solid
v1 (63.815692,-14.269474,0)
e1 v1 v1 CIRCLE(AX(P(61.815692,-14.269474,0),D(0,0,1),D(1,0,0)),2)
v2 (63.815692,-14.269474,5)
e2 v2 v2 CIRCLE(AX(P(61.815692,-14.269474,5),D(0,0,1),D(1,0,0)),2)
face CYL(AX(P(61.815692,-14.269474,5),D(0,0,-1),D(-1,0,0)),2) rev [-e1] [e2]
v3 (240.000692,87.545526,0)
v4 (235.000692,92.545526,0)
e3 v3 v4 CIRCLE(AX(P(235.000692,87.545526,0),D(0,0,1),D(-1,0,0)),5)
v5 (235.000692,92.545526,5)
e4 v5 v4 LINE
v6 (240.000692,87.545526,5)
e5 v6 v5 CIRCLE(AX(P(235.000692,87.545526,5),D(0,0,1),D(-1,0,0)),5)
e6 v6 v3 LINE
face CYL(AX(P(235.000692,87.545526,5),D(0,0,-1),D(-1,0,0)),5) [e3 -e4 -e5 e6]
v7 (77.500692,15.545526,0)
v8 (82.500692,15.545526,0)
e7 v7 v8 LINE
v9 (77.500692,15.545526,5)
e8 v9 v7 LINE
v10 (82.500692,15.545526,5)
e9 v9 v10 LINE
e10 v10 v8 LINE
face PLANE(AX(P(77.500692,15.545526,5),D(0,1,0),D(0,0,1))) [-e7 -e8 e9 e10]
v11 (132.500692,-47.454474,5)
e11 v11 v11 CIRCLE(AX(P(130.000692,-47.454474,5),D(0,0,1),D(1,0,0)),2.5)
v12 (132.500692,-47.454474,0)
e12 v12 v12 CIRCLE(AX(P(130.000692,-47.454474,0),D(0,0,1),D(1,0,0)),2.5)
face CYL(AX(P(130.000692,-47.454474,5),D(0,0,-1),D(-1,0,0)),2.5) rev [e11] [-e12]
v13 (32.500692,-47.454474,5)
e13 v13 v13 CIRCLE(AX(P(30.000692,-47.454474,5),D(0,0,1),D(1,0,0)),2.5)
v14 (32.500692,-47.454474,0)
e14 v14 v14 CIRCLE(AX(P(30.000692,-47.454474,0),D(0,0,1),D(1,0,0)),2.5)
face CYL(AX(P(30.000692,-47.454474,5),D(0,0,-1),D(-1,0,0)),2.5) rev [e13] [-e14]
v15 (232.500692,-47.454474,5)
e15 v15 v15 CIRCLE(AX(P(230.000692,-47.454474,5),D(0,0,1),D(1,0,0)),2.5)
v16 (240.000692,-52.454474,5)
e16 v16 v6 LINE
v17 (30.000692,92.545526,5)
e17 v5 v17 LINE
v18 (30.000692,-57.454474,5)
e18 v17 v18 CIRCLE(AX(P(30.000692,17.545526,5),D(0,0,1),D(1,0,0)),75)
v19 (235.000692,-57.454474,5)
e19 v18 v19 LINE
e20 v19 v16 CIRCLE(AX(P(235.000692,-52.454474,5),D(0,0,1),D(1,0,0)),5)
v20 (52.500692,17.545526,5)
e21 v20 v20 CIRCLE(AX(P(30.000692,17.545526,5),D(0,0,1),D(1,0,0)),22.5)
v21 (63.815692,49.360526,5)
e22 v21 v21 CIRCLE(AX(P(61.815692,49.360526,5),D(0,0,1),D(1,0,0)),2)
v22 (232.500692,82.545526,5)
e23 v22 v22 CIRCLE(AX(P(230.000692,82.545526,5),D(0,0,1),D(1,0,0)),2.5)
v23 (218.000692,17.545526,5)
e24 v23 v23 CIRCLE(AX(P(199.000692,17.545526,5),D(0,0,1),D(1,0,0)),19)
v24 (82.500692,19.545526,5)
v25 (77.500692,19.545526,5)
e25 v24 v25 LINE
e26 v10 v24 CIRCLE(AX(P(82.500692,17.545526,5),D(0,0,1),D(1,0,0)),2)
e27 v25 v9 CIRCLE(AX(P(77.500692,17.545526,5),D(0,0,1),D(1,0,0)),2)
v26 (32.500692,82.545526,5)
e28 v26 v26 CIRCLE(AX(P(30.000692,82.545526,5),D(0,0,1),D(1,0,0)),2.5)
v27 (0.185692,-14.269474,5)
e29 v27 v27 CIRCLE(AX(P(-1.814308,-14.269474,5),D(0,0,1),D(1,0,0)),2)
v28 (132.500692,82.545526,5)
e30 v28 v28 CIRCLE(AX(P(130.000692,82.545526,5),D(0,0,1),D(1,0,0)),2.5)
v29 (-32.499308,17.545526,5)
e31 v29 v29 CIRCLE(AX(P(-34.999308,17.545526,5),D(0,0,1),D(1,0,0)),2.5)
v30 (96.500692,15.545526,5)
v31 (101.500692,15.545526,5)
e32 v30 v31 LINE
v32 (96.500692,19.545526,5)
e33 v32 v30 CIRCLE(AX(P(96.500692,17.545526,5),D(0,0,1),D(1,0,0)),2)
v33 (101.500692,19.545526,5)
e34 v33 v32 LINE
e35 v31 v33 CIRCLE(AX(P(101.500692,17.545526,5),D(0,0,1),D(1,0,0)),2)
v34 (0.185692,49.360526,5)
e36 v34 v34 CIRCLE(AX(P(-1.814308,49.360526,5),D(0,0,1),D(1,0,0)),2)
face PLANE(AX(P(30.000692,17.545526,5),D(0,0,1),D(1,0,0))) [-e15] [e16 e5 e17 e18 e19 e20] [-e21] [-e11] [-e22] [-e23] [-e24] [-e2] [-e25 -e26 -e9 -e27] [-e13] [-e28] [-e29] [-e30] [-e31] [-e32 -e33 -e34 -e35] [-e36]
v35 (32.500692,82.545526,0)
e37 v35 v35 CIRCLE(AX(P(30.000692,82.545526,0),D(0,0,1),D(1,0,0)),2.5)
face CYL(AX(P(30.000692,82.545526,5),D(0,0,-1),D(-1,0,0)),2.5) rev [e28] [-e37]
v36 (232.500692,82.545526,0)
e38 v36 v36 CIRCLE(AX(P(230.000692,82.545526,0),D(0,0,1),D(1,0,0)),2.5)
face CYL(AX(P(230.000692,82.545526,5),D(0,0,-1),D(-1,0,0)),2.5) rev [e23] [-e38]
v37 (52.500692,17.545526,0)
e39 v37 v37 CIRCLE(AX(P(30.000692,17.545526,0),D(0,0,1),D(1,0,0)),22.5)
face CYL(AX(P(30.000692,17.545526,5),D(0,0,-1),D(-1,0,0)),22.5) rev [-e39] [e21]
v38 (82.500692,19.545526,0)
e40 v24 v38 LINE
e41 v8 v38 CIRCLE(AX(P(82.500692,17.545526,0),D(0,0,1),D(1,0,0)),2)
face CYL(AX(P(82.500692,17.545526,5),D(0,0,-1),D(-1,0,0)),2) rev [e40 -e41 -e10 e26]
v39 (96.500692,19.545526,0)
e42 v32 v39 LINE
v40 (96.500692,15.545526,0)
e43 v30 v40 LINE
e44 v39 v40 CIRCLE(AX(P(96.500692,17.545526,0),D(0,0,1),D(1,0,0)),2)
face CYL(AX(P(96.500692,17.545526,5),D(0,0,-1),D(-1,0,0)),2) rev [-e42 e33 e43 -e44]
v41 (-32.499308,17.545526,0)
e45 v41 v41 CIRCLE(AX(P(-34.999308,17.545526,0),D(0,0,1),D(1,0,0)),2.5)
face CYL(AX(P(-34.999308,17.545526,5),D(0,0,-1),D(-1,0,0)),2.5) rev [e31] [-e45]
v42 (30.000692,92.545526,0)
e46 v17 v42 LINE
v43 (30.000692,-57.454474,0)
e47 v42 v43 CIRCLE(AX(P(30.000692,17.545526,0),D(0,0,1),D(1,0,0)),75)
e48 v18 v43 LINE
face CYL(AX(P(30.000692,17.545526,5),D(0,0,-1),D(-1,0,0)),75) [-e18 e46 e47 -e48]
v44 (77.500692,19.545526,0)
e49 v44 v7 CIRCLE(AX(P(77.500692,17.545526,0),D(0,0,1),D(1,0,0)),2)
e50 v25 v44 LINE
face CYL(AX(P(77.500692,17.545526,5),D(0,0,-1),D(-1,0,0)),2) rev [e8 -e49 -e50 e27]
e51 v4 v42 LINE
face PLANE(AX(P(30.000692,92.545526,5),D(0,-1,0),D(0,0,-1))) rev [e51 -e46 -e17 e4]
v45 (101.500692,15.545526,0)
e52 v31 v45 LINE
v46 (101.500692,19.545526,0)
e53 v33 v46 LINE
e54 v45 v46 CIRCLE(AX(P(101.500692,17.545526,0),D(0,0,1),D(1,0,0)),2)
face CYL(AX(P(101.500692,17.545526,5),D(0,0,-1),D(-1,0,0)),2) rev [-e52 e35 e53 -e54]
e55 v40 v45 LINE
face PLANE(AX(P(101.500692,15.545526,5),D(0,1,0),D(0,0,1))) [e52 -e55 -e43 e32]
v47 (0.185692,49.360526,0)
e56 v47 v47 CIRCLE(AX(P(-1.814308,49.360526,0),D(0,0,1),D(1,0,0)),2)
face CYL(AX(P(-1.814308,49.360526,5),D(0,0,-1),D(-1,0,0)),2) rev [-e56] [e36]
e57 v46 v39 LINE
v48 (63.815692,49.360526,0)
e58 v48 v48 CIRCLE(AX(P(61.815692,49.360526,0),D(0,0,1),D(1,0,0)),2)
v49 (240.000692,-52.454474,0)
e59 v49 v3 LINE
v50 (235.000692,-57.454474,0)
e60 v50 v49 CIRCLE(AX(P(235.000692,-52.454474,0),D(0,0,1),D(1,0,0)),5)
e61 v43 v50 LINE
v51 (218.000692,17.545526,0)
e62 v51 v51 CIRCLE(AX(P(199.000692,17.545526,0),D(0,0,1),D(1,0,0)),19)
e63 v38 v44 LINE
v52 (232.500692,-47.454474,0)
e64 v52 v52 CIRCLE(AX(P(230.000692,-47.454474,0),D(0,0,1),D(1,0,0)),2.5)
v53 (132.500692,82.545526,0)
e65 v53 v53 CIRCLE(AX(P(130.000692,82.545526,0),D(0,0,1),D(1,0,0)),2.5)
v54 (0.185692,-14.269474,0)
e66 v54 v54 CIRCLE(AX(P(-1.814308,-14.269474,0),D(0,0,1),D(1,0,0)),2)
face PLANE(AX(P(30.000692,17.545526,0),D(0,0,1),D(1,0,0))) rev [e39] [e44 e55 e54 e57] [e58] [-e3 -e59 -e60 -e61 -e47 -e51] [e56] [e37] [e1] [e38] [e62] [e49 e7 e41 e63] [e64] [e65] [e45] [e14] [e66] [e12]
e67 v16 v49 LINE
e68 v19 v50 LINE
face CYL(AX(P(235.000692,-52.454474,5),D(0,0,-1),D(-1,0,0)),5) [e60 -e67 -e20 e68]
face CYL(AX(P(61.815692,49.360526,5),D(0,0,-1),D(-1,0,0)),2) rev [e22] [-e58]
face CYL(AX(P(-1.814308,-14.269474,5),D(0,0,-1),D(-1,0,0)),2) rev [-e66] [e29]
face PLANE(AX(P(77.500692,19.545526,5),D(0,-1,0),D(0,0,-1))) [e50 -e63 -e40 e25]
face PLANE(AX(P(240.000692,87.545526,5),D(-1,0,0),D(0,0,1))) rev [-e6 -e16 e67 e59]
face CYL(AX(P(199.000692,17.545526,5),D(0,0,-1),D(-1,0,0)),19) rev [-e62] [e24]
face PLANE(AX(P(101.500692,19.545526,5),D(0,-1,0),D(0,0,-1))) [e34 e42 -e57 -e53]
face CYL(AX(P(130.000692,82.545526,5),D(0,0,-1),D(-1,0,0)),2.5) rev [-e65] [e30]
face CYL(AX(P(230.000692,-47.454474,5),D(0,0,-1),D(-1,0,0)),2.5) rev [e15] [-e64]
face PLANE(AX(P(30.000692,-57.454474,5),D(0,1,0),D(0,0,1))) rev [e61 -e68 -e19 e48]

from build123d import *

# Parameters (mm, degrees)
SKETCH1_R           = 2.5
SKETCH1_R_2         = 19
SKETCH1_R_3         = 22.5
SKETCH1_R_4         = 2
BOSS_EXTRUDE1_DEPTH = 5


with BuildPart() as part:
    # Sketch1 → Boss-Extrude1 (new body)
    with BuildSketch(Plane.XY):
        with BuildLine():
            Line((30.000692042, 92.545526446), (235.000692042, 92.545526446))
            ThreePointArc((235.000692042, 92.545526446), (238.536225947, 91.081060352), (240.000692042, 87.545526446))
            Line((240.000692042, 87.545526446), (240.000692042, -52.454473554))
            ThreePointArc((240.000692042, -52.454473554), (238.536225947, -55.99000746), (235.000692042, -57.454473554))
            Line((235.000692042, -57.454473554), (30.000692042, -57.454473554))
            ThreePointArc((30.000692042, -57.454473554), (-44.999307958, 17.545526446), (30.000692042, 92.545526446))
        make_face()
        with Locations((-34.999307958, 17.545526446)):
            Circle(SKETCH1_R, mode=Mode.SUBTRACT)
        with Locations((30.000692042, -47.454473554)):
            Circle(SKETCH1_R, mode=Mode.SUBTRACT)
        with Locations((30.000692042, 82.545526446)):
            Circle(SKETCH1_R, mode=Mode.SUBTRACT)
        with Locations((230.000692042, -47.454473554)):
            Circle(SKETCH1_R, mode=Mode.SUBTRACT)
        with Locations((230.000692042, 82.545526446)):
            Circle(SKETCH1_R, mode=Mode.SUBTRACT)
        with Locations((130.000692042, 82.545526446)):
            Circle(SKETCH1_R, mode=Mode.SUBTRACT)
        with Locations((130.000692042, -47.454473554)):
            Circle(SKETCH1_R, mode=Mode.SUBTRACT)
        with Locations((199.000692042, 17.545526446)):
            Circle(SKETCH1_R_2, mode=Mode.SUBTRACT)
        with Locations((30.000692042, 17.545526446)):
            Circle(SKETCH1_R_3, mode=Mode.SUBTRACT)
        with Locations((61.815692042, 49.360526446)):
            Circle(SKETCH1_R_4, mode=Mode.SUBTRACT)
        with Locations((61.815692042, -14.269473554)):
            Circle(SKETCH1_R_4, mode=Mode.SUBTRACT)
        with Locations((-1.814307958, -14.269473554)):
            Circle(SKETCH1_R_4, mode=Mode.SUBTRACT)
        with Locations((-1.814307958, 49.360526446)):
            Circle(SKETCH1_R_4, mode=Mode.SUBTRACT)
        with BuildLine():
            Line((77.500692042, 19.545526446), (82.500692042, 19.545526446))
            ThreePointArc((82.500692042, 19.545526446), (84.500692042, 17.545526446), (82.500692042, 15.545526446))
            Line((82.500692042, 15.545526446), (77.500692042, 15.545526446))
            ThreePointArc((77.500692042, 15.545526446), (75.500692042, 17.545526446), (77.500692042, 19.545526446))
        make_face(mode=Mode.SUBTRACT)
        with BuildLine():
            Line((101.500692042, 19.545526446), (96.500692042, 19.545526446))
            ThreePointArc((96.500692042, 19.545526446), (94.500692042, 17.545526446), (96.500692042, 15.545526446))
            Line((96.500692042, 15.545526446), (101.500692042, 15.545526446))
            ThreePointArc((101.500692042, 15.545526446), (103.500692042, 17.545526446), (101.500692042, 19.545526446))
        make_face(mode=Mode.SUBTRACT)
    extrude(amount=BOSS_EXTRUDE1_DEPTH)


solid = part.part
